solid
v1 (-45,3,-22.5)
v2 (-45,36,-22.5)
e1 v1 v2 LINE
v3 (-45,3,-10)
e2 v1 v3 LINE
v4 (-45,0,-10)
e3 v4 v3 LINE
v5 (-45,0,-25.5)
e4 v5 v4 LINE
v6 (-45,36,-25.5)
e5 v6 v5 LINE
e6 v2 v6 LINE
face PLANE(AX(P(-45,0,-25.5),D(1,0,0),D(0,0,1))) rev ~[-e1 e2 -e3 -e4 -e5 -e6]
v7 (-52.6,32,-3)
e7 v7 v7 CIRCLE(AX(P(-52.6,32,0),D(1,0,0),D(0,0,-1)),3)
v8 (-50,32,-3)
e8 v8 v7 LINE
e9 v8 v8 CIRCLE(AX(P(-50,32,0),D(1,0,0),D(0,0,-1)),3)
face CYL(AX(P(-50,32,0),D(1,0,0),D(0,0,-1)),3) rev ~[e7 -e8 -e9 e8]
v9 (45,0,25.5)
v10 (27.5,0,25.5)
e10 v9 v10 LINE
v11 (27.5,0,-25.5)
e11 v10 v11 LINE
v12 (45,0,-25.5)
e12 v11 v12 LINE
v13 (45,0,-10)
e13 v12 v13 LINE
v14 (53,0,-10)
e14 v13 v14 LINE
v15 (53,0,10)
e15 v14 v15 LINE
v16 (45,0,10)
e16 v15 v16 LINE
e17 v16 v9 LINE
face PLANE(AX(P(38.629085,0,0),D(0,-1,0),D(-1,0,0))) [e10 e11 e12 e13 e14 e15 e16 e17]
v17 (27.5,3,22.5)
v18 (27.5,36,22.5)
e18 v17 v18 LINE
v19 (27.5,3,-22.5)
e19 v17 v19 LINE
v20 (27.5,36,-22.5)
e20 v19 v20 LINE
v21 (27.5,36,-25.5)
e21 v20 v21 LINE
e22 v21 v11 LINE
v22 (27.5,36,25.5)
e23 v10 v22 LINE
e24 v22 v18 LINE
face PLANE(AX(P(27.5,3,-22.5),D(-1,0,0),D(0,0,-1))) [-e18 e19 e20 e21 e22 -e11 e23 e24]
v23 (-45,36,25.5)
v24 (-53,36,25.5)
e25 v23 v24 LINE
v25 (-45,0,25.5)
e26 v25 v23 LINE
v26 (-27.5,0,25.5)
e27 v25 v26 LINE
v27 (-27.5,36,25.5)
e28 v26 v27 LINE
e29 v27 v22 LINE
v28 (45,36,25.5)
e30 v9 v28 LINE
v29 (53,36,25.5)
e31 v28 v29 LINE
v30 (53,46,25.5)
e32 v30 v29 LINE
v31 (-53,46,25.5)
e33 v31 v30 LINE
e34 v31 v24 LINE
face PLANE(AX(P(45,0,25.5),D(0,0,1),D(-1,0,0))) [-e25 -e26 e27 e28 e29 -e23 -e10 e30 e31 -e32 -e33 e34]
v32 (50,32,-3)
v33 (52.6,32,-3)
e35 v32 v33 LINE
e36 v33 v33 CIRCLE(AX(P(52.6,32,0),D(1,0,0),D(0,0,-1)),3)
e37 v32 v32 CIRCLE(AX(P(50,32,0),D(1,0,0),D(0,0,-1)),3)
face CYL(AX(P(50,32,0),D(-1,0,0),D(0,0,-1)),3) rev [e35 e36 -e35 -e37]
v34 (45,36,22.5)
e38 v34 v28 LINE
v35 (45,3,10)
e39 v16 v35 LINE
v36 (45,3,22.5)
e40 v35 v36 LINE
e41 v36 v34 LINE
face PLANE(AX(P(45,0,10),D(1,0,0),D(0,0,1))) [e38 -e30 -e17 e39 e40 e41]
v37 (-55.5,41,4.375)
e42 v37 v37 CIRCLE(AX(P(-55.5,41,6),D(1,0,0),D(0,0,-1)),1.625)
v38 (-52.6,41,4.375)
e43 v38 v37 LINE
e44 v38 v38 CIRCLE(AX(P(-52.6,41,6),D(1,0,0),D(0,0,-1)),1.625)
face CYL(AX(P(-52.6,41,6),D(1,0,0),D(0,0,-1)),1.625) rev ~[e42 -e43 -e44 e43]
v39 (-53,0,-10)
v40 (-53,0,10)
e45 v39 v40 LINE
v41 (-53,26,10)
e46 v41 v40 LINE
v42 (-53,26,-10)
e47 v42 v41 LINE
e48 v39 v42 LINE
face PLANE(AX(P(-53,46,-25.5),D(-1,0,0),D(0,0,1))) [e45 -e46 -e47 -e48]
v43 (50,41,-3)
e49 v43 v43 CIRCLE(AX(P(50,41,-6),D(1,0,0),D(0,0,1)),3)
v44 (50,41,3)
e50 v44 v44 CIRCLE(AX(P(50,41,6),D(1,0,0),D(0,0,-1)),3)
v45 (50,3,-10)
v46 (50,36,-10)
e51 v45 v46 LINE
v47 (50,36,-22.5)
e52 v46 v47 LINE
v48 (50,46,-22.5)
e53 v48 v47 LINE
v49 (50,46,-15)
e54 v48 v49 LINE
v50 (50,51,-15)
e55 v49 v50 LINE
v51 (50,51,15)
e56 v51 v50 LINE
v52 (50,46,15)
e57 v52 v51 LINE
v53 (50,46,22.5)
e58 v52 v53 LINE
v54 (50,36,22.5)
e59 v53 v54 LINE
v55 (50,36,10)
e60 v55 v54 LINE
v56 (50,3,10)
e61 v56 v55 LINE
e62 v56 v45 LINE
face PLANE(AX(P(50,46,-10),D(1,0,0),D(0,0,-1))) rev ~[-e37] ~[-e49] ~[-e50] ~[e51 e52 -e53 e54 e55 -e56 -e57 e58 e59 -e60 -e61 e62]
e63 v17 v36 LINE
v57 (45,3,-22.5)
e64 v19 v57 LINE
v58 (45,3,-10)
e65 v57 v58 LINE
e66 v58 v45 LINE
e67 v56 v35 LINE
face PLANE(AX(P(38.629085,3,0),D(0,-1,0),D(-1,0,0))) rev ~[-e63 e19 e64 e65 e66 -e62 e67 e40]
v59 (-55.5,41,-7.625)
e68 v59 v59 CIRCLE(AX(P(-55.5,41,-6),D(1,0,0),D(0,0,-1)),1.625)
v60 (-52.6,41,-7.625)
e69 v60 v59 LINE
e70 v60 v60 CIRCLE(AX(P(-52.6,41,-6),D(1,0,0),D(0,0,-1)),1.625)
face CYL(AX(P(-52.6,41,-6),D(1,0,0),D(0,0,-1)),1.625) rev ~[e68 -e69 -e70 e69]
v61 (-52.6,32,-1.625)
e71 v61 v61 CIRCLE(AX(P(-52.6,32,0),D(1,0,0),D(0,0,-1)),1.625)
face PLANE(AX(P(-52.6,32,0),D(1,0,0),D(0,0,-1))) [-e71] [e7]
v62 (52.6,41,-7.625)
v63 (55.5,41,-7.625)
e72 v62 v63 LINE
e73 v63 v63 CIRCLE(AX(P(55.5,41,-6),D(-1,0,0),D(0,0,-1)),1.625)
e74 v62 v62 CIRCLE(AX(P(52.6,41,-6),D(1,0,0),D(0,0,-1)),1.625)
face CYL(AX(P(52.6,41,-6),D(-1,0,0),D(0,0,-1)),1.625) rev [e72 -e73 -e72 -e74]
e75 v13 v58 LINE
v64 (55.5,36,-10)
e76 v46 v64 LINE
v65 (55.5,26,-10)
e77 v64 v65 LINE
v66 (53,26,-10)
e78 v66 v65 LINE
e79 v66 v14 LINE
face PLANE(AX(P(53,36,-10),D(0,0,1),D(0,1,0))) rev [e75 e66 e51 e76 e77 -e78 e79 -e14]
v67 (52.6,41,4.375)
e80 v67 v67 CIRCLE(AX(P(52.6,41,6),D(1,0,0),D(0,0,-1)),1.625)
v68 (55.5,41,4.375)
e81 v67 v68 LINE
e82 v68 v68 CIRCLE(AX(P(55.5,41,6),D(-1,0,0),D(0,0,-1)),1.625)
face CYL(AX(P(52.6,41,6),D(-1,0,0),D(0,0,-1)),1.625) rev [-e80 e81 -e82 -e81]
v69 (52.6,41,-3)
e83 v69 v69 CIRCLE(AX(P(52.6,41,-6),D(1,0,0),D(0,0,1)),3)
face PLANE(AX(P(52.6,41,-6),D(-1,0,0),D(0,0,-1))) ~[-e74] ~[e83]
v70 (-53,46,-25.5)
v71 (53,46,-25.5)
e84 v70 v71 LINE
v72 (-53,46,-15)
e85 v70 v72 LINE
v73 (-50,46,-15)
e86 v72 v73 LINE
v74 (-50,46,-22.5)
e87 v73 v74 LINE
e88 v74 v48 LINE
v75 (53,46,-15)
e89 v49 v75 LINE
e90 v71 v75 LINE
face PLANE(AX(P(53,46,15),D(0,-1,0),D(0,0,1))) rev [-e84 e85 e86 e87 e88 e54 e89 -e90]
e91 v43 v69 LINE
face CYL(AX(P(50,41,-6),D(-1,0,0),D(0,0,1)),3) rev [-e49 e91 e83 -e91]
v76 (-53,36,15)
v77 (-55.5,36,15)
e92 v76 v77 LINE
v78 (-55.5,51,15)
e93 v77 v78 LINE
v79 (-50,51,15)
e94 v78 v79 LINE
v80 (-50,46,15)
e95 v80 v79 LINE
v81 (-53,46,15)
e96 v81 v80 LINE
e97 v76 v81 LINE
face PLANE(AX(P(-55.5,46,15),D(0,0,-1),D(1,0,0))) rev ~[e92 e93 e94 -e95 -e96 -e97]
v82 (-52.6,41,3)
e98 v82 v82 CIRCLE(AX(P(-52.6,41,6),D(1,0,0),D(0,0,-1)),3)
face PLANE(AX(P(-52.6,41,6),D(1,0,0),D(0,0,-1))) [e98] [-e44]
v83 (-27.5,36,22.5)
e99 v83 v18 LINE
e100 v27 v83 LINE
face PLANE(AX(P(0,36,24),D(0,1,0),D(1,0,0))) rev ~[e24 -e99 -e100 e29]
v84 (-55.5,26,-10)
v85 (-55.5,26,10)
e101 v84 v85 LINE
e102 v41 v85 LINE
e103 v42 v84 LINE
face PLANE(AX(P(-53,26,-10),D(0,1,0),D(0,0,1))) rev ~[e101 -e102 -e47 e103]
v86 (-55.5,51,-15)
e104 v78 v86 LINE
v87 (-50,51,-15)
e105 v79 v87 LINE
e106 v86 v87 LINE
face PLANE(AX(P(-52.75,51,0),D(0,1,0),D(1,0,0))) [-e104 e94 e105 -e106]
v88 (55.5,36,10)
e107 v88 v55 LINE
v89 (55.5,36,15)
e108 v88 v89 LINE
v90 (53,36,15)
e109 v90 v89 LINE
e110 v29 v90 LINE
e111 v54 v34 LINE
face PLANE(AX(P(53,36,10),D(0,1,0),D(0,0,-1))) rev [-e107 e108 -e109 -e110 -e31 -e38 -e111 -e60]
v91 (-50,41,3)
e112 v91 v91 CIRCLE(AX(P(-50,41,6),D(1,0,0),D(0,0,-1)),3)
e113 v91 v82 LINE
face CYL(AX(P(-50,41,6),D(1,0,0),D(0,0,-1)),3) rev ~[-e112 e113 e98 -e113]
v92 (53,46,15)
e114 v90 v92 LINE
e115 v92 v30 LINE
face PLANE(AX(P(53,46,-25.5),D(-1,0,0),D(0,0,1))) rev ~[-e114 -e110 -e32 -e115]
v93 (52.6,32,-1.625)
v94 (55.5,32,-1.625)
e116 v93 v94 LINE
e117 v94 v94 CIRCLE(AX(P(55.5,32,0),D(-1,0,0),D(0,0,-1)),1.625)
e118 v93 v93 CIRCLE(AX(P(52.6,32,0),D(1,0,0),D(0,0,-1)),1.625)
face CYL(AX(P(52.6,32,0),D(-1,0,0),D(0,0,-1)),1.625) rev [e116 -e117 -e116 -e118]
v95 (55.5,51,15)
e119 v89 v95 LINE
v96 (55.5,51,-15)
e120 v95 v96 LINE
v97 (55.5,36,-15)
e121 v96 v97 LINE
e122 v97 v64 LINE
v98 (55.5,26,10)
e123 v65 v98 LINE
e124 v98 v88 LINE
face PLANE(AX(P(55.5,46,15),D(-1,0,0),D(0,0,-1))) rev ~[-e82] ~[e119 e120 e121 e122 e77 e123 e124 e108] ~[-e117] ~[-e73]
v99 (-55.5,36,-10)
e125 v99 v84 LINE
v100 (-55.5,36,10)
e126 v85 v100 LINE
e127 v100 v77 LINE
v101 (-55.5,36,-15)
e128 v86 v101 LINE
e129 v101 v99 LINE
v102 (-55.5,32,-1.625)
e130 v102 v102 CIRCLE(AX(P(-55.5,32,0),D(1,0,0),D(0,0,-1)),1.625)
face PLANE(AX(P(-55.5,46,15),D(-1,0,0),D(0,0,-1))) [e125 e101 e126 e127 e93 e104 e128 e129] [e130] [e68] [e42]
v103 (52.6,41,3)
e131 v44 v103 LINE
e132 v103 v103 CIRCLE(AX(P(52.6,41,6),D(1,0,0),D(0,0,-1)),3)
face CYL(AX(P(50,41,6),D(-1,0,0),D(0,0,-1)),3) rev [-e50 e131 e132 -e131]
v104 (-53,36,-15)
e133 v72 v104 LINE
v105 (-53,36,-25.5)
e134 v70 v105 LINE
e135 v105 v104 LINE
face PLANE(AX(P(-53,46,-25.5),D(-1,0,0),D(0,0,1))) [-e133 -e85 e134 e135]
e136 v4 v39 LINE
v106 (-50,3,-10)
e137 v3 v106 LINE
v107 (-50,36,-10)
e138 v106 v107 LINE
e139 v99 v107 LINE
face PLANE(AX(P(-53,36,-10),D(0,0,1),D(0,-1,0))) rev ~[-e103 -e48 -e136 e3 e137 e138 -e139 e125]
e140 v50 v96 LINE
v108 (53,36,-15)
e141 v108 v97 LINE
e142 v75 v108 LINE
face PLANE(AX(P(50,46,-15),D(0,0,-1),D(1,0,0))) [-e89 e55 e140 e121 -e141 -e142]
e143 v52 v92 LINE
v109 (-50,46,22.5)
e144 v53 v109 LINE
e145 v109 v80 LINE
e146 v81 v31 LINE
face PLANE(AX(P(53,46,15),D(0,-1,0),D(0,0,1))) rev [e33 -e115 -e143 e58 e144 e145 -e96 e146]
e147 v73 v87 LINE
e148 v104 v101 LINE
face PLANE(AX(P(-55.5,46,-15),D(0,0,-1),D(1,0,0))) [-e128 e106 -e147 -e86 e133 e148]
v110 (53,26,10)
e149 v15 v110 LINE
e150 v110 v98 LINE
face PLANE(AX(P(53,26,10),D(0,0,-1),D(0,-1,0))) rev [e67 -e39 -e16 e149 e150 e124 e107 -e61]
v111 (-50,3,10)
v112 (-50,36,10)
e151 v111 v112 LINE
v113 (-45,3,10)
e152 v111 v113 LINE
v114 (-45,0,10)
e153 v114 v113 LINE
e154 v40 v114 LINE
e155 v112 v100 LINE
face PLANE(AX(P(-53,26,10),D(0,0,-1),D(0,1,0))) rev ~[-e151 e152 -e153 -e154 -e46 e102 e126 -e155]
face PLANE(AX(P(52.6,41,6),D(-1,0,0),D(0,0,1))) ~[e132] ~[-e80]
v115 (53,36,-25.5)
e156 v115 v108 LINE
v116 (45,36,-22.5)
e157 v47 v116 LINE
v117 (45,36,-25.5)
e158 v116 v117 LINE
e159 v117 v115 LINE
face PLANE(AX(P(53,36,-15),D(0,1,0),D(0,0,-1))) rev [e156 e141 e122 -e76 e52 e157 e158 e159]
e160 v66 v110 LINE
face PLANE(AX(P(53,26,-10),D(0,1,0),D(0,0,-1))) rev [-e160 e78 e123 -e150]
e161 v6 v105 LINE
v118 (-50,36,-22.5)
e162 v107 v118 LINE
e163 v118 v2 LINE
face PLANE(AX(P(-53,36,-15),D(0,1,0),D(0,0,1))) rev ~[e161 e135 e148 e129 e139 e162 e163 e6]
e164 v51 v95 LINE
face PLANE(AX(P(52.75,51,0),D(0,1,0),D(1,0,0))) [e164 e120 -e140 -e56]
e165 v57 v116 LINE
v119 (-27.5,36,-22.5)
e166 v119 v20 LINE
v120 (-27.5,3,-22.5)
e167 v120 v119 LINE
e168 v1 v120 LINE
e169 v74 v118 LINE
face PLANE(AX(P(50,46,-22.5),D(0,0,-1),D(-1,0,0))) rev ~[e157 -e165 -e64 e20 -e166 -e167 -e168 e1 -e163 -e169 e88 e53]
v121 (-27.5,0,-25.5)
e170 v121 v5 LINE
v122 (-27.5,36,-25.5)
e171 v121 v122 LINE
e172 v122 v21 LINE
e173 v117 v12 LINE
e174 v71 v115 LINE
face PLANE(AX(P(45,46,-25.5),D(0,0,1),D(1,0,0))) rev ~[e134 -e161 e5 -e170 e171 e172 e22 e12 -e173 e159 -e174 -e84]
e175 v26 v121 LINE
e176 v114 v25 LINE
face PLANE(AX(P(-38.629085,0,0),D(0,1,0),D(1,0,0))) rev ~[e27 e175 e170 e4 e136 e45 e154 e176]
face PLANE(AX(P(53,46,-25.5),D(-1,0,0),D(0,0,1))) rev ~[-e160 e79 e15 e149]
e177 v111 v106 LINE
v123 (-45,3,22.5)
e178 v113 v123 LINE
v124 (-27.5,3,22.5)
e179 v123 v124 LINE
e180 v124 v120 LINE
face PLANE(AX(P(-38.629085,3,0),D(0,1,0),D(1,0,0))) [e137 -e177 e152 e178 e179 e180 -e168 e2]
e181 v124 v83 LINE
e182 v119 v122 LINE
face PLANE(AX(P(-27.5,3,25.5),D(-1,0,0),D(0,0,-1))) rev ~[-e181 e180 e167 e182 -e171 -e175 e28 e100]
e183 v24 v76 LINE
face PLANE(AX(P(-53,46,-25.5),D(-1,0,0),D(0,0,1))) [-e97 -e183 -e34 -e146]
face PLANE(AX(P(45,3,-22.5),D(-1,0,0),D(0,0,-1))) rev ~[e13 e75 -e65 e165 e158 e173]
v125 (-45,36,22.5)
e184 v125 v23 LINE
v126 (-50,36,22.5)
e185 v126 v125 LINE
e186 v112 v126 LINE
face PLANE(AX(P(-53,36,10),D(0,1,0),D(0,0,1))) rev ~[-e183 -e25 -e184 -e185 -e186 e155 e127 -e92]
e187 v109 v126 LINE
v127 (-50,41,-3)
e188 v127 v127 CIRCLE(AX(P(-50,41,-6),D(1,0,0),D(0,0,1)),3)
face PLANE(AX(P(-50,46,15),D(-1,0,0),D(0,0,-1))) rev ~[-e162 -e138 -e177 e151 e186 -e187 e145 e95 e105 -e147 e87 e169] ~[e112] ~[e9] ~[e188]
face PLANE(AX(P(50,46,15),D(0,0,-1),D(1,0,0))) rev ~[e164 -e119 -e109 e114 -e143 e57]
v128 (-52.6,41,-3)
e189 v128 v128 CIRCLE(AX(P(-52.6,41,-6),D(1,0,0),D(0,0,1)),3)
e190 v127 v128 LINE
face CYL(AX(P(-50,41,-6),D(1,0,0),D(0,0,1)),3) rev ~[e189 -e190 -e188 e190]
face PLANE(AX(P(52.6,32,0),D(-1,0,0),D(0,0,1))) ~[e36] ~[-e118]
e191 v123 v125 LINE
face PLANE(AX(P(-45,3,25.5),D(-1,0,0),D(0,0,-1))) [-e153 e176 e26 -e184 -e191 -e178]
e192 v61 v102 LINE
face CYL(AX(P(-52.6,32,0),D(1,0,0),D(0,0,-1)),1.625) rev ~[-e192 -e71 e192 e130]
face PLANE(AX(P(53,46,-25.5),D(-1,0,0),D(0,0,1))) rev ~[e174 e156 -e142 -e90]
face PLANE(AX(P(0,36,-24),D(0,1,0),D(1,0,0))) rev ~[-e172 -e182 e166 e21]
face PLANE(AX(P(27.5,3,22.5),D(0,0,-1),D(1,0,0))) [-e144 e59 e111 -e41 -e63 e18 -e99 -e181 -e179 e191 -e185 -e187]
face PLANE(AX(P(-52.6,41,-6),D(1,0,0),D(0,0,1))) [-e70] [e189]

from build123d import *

# Parameters (mm, degrees)
EXTRUDE_1_DEPTH     = 3
EXTRUDE_1_2_DEPTH   = 3
SKETCH_2_W          = 17.5
SKETCH_2_H          = 3
SKETCH_2_W_2        = 3
SKETCH_2_H_2        = 20
EXTRUDE_2_DEPTH     = 43
SKETCH_3_W          = 55
SKETCH_3_H          = 3
EXTRUDE_3_DEPTH     = 10
EXTRUDE_4_DEPTH     = 2.5
SKETCH_5_R          = 3
CUT_EXTRUDE_1_DEPTH = 2.6
SKETCH_7_R          = 1.625
CUT_EXTRUDE_2_DEPTH = 118.972920622
SKETCH_8_W          = 5.5
SKETCH_8_H          = 30
EXTRUDE_5_DEPTH     = 5


with BuildPart() as part:
    # Эскиз1 → Бобышка-Вытянуть1 (new body)
    with BuildSketch(Plane(origin=(0, 0, 0), x_dir=(1, 0, 0), z_dir=(0, 1, 0))):
        Polygon((27.5, 25.5), (45, 25.5), (45, 10), (53, 10), (53, -10), (45, -10), (45, -25.5), (27.5, -25.5), align=None)
    extrude(amount=EXTRUDE_1_DEPTH)



with BuildPart() as body_2:
    # Эскиз1 → Extrude 1 2 (new body)
    with BuildSketch(Plane(origin=(0, 0, 0), x_dir=(1, 0, 0), z_dir=(0, 1, 0))):
        Polygon((-27.5, -25.5), (-27.5, 25.5), (-45, 25.5), (-45, 10), (-53, 10), (-53, -10), (-45, -10), (-45, -25.5), align=None)
    extrude(amount=EXTRUDE_1_2_DEPTH)


with BuildPart() as part_1:
    add(part.part)

    add(body_2.part)  # Бобышка-Вытянуть2 merges body 2
    # Эскиз2 → Бобышка-Вытянуть2 (add)
    with BuildSketch(Plane(origin=(0, 3, 0), x_dir=(1, 0, 0), z_dir=(0, 1, 0))):
        with Locations((36.25, 24)):
            Rectangle(SKETCH_2_W, SKETCH_2_H)
        with Locations((51.5, 0)):
            Rectangle(SKETCH_2_W_2, SKETCH_2_H_2)
        with Locations((36.25, -24)):
            Rectangle(SKETCH_2_W, SKETCH_2_H)
        with Locations((-36.25, -24)):
            Rectangle(SKETCH_2_W, SKETCH_2_H)
        with Locations((-51.5, 0)):
            Rectangle(SKETCH_2_W_2, SKETCH_2_H_2)
        with Locations((-36.25, 24)):
            Rectangle(SKETCH_2_W, SKETCH_2_H)
    extrude(amount=EXTRUDE_2_DEPTH)

    # Эскиз3 → Бобышка-Вытянуть3 (add)
    with BuildSketch(Plane(origin=(0, 46, 0), x_dir=(1, 0, 0), z_dir=(0, 1, 0))):
        Polygon((45, 25.5), (53, 25.5), (53, 10), (50, 10), (50, 22.5), (45, 22.5), align=None)
        with Locations((0, 24)):
            Rectangle(SKETCH_3_W, SKETCH_3_H)
        Polygon((-45, 22.5), (-45, 25.5), (-53, 25.5), (-53, 10), (-50, 10), (-50, 22.5), align=None)
        Polygon((-45, -25.5), (-53, -25.5), (-53, -10), (-50, -10), (-50, -22.5), (-45, -22.5), align=None)
        Polygon((45, -22.5), (45, -25.5), (53, -25.5), (53, -10), (50, -10), (50, -22.5), align=None)
        with Locations((0, -24)):
            Rectangle(SKETCH_3_W, SKETCH_3_H)
    extrude(amount=-EXTRUDE_3_DEPTH)

    # Эскиз4 → Бобышка-Вытянуть4 (add)
    with BuildSketch(Plane.ZY.offset(53)):
        Polygon((-10, 26), (10, 26), (10, 36), (15, 36), (15, 46), (-15, 46), (-15, 36), (-10, 36), align=None)
    extrude_4 = extrude(amount=EXTRUDE_4_DEPTH)

    # Эскиз5 → Вырез-Вытянуть1 (cut)
    with BuildSketch(Plane(origin=(-50, 0, 0), x_dir=(0, 0, -1), z_dir=(1, 0, 0))):
        with Locations((-6, 41)):
            Circle(SKETCH_5_R)
        with Locations((0, 32)):
            Circle(SKETCH_5_R)
        with Locations(Location((6, 41, 0), (0, 0, 180))):
            Circle(SKETCH_5_R)
    cut_extrude_1 = extrude(amount=-CUT_EXTRUDE_1_DEPTH, mode=Mode.SUBTRACT)

    # Эскиз7 → Вырез-Вытянуть2 (cut, through all)
    with BuildSketch(Plane(origin=(-52.6, 0, 0), x_dir=(0, 0, -1), z_dir=(1, 0, 0))):
        with Locations((-6, 41)):
            Circle(SKETCH_7_R)
        with Locations((6, 41)):
            Circle(SKETCH_7_R)
        with Locations((0, 32)):
            Circle(SKETCH_7_R)
    cut_extrude_2 = extrude(amount=-CUT_EXTRUDE_2_DEPTH, mode=Mode.SUBTRACT)

    # Зеркальное отражение2: Бобышка-Вытянуть4, Вырез-Вытянуть1, Вырез-Вытянуть2 across plane
    add(extrude_4.mirror(Plane(origin=(0, 0, 0), x_dir=(0, 0, 1), z_dir=(1, 0, 0))))
    add(cut_extrude_1.mirror(Plane(origin=(0, 0, 0), x_dir=(0, 0, 1), z_dir=(1, 0, 0))), mode=Mode.SUBTRACT)
    add(cut_extrude_2.mirror(Plane(origin=(0, 0, 0), x_dir=(0, 0, 1), z_dir=(1, 0, 0))), mode=Mode.SUBTRACT)

    # Эскиз8 → Бобышка-Вытянуть5 (add)
    with BuildSketch(Plane(origin=(0, 46, 0), x_dir=(1, 0, 0), z_dir=(0, 1, 0))):
        with Locations((-52.75, 0)):
            Rectangle(SKETCH_8_W, SKETCH_8_H)
        with Locations((52.75, 0)):
            Rectangle(SKETCH_8_W, SKETCH_8_H)
    extrude(amount=EXTRUDE_5_DEPTH)


solid = part_1.part
